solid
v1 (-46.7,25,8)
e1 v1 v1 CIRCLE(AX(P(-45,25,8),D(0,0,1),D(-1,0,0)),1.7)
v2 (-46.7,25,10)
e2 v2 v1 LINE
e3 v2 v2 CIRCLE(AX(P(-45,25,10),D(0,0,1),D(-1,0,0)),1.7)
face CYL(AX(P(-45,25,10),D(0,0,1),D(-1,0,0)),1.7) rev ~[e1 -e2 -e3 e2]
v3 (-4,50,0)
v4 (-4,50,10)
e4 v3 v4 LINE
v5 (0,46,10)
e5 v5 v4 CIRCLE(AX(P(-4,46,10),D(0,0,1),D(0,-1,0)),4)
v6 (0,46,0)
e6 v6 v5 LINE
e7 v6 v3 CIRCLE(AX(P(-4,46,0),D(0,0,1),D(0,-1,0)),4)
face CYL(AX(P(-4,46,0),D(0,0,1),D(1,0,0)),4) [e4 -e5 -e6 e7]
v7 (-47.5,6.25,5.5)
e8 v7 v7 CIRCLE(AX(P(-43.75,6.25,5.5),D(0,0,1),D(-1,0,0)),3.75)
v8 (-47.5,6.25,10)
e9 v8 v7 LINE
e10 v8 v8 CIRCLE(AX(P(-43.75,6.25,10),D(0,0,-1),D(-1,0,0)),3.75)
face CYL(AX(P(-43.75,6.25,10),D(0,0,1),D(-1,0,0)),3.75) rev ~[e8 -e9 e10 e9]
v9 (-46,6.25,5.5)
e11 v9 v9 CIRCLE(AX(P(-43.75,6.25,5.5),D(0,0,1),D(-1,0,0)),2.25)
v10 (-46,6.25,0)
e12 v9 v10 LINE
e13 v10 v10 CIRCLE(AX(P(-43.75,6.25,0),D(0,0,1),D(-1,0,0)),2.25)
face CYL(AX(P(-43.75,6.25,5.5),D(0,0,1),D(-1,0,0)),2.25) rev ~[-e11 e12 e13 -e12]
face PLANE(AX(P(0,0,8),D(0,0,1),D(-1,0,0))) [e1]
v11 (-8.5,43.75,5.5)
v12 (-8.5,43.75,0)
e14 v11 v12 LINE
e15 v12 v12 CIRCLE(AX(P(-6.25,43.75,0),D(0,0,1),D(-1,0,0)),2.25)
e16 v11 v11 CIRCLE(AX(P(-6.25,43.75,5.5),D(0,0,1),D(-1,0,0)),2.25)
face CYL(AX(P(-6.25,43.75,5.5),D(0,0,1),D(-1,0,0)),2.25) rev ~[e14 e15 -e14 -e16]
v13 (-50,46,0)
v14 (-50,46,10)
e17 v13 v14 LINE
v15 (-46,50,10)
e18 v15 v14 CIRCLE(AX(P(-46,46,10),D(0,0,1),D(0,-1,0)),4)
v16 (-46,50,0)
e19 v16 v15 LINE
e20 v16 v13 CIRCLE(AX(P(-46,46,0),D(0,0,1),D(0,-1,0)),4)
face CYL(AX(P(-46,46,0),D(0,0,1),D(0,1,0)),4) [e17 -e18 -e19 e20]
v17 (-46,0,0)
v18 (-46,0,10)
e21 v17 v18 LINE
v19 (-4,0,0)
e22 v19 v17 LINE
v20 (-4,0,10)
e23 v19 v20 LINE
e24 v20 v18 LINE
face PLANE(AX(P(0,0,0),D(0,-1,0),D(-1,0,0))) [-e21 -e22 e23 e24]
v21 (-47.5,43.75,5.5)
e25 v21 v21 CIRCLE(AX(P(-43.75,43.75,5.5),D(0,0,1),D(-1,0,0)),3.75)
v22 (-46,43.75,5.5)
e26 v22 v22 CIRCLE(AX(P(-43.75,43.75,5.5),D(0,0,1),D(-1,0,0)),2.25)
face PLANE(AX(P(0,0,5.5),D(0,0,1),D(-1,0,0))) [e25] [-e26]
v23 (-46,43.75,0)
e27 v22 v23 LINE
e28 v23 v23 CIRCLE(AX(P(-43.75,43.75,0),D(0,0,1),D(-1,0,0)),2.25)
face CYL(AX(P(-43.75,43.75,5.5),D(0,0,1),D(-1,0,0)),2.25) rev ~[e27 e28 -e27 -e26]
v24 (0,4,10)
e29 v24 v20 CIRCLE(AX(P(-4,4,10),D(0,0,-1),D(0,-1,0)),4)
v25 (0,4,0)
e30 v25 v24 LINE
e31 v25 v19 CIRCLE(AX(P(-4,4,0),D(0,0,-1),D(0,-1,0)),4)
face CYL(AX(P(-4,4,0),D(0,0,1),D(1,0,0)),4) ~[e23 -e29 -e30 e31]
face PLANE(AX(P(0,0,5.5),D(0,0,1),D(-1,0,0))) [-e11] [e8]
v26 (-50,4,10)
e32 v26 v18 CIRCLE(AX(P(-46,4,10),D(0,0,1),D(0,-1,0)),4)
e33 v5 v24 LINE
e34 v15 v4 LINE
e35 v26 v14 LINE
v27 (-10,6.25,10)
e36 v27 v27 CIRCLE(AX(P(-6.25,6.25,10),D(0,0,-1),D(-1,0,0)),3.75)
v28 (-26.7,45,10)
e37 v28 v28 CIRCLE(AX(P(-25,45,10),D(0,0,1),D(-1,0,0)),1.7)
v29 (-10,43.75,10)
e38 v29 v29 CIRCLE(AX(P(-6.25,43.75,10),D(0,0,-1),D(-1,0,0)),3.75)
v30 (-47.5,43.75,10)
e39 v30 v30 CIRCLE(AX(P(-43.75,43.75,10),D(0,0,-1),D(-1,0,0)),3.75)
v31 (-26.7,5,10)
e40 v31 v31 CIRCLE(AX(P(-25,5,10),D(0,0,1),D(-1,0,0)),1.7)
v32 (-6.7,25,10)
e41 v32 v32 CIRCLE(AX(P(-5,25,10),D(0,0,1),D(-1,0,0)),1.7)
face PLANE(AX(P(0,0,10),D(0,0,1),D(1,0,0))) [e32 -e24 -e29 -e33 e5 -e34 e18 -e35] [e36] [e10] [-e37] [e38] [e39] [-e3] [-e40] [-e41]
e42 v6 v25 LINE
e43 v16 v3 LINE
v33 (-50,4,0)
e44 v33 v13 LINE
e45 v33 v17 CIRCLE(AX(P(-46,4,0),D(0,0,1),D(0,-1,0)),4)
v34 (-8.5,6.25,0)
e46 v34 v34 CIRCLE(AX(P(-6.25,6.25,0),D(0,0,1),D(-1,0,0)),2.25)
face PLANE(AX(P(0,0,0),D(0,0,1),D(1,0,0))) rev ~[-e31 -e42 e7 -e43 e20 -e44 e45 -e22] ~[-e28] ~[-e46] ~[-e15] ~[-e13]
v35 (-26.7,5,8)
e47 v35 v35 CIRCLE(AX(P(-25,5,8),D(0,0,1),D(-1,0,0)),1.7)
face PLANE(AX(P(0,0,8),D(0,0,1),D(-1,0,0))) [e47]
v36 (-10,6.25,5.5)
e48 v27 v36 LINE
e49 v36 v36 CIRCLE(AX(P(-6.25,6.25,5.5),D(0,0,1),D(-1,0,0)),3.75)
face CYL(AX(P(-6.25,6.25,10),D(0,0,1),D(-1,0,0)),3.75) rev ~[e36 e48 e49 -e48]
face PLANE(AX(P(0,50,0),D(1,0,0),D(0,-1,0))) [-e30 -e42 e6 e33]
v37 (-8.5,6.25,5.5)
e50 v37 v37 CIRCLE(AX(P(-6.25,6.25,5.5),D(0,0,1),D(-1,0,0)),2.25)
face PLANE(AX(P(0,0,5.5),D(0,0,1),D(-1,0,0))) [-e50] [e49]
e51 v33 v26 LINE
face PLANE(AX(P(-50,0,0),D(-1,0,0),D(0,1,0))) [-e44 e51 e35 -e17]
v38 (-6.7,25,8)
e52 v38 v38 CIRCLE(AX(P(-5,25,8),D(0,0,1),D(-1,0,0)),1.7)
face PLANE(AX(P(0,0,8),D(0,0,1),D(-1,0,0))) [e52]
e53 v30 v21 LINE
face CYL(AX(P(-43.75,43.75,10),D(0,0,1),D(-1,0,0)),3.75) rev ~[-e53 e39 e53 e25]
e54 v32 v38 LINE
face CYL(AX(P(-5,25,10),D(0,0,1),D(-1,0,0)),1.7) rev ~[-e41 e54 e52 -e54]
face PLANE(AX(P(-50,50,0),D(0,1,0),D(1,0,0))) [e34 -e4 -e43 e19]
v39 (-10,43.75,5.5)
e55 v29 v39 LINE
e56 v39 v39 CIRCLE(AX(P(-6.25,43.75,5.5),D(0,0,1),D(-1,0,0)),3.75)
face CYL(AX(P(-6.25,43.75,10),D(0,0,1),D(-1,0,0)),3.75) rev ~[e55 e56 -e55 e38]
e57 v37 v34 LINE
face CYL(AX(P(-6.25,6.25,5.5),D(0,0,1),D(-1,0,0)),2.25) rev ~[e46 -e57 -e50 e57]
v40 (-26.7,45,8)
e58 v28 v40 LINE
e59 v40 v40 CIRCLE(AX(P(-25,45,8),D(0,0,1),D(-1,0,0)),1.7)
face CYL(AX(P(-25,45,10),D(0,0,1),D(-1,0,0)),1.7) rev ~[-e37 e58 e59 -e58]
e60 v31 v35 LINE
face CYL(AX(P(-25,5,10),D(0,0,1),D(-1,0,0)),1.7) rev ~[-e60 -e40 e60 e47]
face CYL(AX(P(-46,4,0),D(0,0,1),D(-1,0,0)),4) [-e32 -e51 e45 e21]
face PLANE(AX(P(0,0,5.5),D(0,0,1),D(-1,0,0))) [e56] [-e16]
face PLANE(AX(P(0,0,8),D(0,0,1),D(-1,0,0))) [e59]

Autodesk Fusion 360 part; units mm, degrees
sketch "Sketch1" plane through (0, 0, 0) normal (0, 0, 1) x (1, 0, 0)
  line L0 (0, 0) -> (-50, 0)
  line L1 (-50, 0) -> (-50, 50)
  line L2 (-50, 50) -> (0, 50)
  line L3 (0, 50) -> (0, 0)
  dimension "d1" = 50
  dimension "d2" = 50
extrude "Extrude1" add sketch "Sketch1" along normal blind 10
sketch "Sketch2" plane through (0, 0, 10) normal (0, 0, 1) x (-1, 0, 0)
  line L0 (0, -50) -> (50, -50)
  line L1 (50, -50) -> (50, 0)
  line L2 (50, 0) -> (0, 0)
  line L3 (0, 0) -> (0, -50)
  line L4 (50, 0) -> (43.75, 0)
  line L5 (43.75, 0) -> (43.75, -6.25)
  line L6 (43.75, -6.25) -> (50, -6.25)
  line L7 (50, -6.25) -> (50, 0)
  line L8 (50, -50) -> (43.75, -50)
  line L9 (43.75, -50) -> (43.75, -43.75)
  line L10 (43.75, -43.75) -> (50, -43.75)
  line L11 (50, -43.75) -> (50, -50)
  line L12 (0, -50) -> (6.25, -50)
  line L13 (6.25, -50) -> (6.25, -43.75)
  line L14 (6.25, -43.75) -> (0, -43.75)
  line L15 (0, -43.75) -> (0, -50)
  line L16 (0, 0) -> (6.25, 0)
  line L17 (6.25, 0) -> (6.25, -6.25)
  line L18 (6.25, -6.25) -> (0, -6.25)
  line L19 (0, -6.25) -> (0, 0)
  circle A0 centre (43.75, -43.75) radius 3.75
  circle A1 centre (6.25, -43.75) radius 3.75
  circle A2 centre (43.75, -6.25) radius 3.75
  circle A3 centre (6.25, -6.25) radius 3.75
  dimension "d5" = 6.25
  dimension "d6" = 6.25
  dimension "d7" = 6.25
  dimension "d8" = 6.25
  dimension "d9" = 6.25
  dimension "d10" = 6.25
  dimension "d11" = 6.25
  dimension "d12" = 6.25
  dimension "d13" = 7.5
  dimension "d14" = 7.5
  dimension "d15" = 7.5
  dimension "d16" = 7.5
extrude "Extrude2" cut sketch "Sketch2" against normal blind 4.5 contours L13 L14 A1 | L13 L14 A1 | L9 L10 A0 | L9 L10 A0 | L17 L18 A3 | L17 L18 A3 | L5 L6 A2 | L5 L6 A2
sketch "Sketch3" plane through (0, 0, 5.5) normal (0, 0, 1) x (-1, 0, 0)
  circle A0 centre (43.75, -43.75) radius 3.75
  circle A1 centre (43.75, -43.75) radius 2.25
  dimension "d19" = 4.5
extrude "Extrude3" cut sketch "Sketch3" against normal blind 10 contours A1
sketch "Sketch4" plane through (0, 0, 5.5) normal (0, 0, 1) x (-1, 0, 0)
  circle A0 centre (6.25, -43.75) radius 3.75
  circle A1 centre (6.25, -43.75) radius 2.25
  dimension "d22" = 4.5
extrude "Extrude4" cut sketch "Sketch4" against normal blind 10 contours A1
sketch "Sketch5" plane through (0, 0, 5.5) normal (0, 0, 1) x (-1, 0, 0)
  circle A0 centre (43.75, -6.25) radius 3.75
  circle A1 centre (43.75, -6.25) radius 2.25
  dimension "d25" = 4.5
extrude "Extrude5" cut sketch "Sketch5" against normal blind 10 contours A1
sketch "Sketch6" plane through (0, 0, 5.5) normal (0, 0, 1) x (-1, 0, 0)
  circle A0 centre (6.25, -6.25) radius 3.75
  circle A1 centre (6.25, -6.25) radius 2.25
  dimension "d28" = 4.5
extrude "Extrude6" cut sketch "Sketch6" against normal blind 10 contours A1
sketch "Sketch7" plane through (0, 0, 10) normal (0, 0, 1) x (-1, 0, 0)
  circle A0 centre (6.25, -43.75) radius 3.75
  circle A1 centre (6.25, -6.25) radius 3.75
  circle A2 centre (43.75, -43.75) radius 3.75
  circle A3 centre (43.75, -6.25) radius 3.75
  line L0 (0, -50) -> (50, -50)
  line L1 (50, -50) -> (50, 0)
  line L2 (50, 0) -> (0, 0)
  line L3 (0, 0) -> (0, -50)
  line L4 (50, 0) -> (37.5, 0)
  line L5 (37.5, 0) -> (37.5, -12.5)
  line L6 (37.5, -12.5) -> (50, -12.5)
  line L7 (50, -12.5) -> (50, 0)
  line L8 (50, -50) -> (37.5, -50)
  line L9 (37.5, -50) -> (37.5, -37.5)
  line L10 (37.5, -37.5) -> (50, -37.5)
  line L11 (50, -37.5) -> (50, -50)
  line L12 (0, -50) -> (12.5, -50)
  line L13 (12.5, -50) -> (12.5, -37.5)
  line L14 (12.5, -37.5) -> (0, -37.5)
  line L15 (0, -37.5) -> (0, -50)
  line L16 (0, 0) -> (12.5, 0)
  line L17 (12.5, 0) -> (12.5, -12.5)
  line L18 (12.5, -12.5) -> (0, -12.5)
  line L19 (0, -12.5) -> (0, 0)
  line L20 (37.5, -12.5) -> (35.5, -12.5)
  line L21 (35.5, -12.5) -> (35.5, -14.5)
  line L22 (35.5, -14.5) -> (37.5, -14.5)
  line L23 (37.5, -14.5) -> (37.5, -12.5)
  line L24 (37.5, -37.5) -> (35.5, -37.5)
  line L25 (35.5, -37.5) -> (35.5, -35.5)
  line L26 (35.5, -35.5) -> (37.5, -35.5)
  line L27 (37.5, -35.5) -> (37.5, -37.5)
  line L28 (12.5, -37.5) -> (14.5, -37.5)
  line L29 (14.5, -37.5) -> (14.5, -35.5)
  line L30 (14.5, -35.5) -> (12.5, -35.5)
  line L31 (12.5, -35.5) -> (12.5, -37.5)
  line L32 (12.5, -12.5) -> (14.5, -12.5)
  line L33 (14.5, -12.5) -> (14.5, -14.5)
  line L34 (14.5, -14.5) -> (12.5, -14.5)
  line L35 (12.5, -14.5) -> (12.5, -12.5)
  dimension "d31" = 12.5
  dimension "d32" = 12.5
  dimension "d33" = 12.5
  dimension "d34" = 12.5
  dimension "d35" = 12.5
  dimension "d36" = 12.5
  dimension "d37" = 12.5
  dimension "d38" = 12.5
  dimension "d39" = 2
  dimension "d40" = 2
  dimension "d41" = 2
  dimension "d42" = 2
  dimension "d43" = 2
  dimension "d44" = 2
  dimension "d45" = 2
  dimension "d46" = 2
extrude "Extrude7" add sketch "Sketch7" along normal blind 2 contours L24 L25 L26 L27 | L20 L21 L22 L23 | L32 L33 L34 L35 | L28 L29 L30 L31
extrude "Extrude8" cut 4 faces at (-13.1667, 36.1667, 12) (-13.1667, 13.1667, 12) (-36.1667, 13.1667, 12) (-36.8333, 36.8333, 12) along direction (0, 0, -1) blind 2
fillet "Fillet1" radius 4 1 edges at (0, 50, 5)
fillet "Fillet2" radius 4 1 edges at (0, 0, 5)
fillet "Fillet3" radius 4 1 edges at (-50, 50, 5)
fillet "Fillet4" radius 4 1 edges at (-50, 0, 5)
sketch "Sketch8" plane through (0, 0, 10) normal (0, 0, 1) x (-1, 0, 0)
  circle A0 centre (6.25, -43.75) radius 3.75
  circle A1 centre (6.25, -6.25) radius 3.75
  circle A2 centre (43.75, -43.75) radius 3.75
  circle A3 centre (43.75, -6.25) radius 3.75
  arc A4 (50, -4) -> (46, 0) centre (46, -4) ccw
  line L0 (46, 0) -> (4, 0)
  arc A5 (4, 0) -> (0, -4) centre (4, -4) ccw
  line L1 (0, -4) -> (0, -46)
  arc A6 (0, -46) -> (4, -50) centre (4, -46) ccw
  line L2 (4, -50) -> (46, -50)
  arc A7 (46, -50) -> (50, -46) centre (46, -46) ccw
  line L3 (50, -46) -> (50, -4)
  line L4 (0, 0) -> (5, 0)
  line L5 (5, 0) -> (5, -5)
  line L6 (5, -5) -> (0, -5)
  line L7 (0, -5) -> (0, 0)
  line L8 (5, -5) -> (45, -5)
  line L9 (45, -5) -> (45, -45)
  line L10 (45, -45) -> (5, -45)
  line L11 (5, -45) -> (5, -5)
  circle A8 centre (25, -45) radius 1.6
  circle A9 centre (45, -25) radius 1.6
  circle A10 centre (25, -5) radius 1.6
  circle A11 centre (5, -25) radius 1.6
  dimension "d59" = 5
  dimension "d60" = 5
  dimension "d61" = 40
  dimension "d62" = 40
  dimension "d63" = 3.2
  dimension "d64" = 3.2
  dimension "d65" = 3.2
  dimension "d66" = 3.2
extrude "Extrude9" cut sketch "Sketch8" against normal blind 2 contours L11 A11 | L11 A11 | L10 A8 | L10 A8 | L9 A9 | L9 A9 | L8 A10 | L8 A10
sketch "Sketch9" plane through (0, 0, 10) normal (0, 0, 1) x (-1, 0, 0)
  circle A0 centre (25, -45) radius 1.6
  circle A1 centre (5, -25) radius 1.6
  circle A2 centre (45, -25) radius 1.6
  circle A3 centre (25, -5) radius 1.6
  circle A4 centre (6.25, -43.75) radius 3.75
  circle A5 centre (6.25, -6.25) radius 3.75
  circle A6 centre (43.75, -43.75) radius 3.75
  circle A7 centre (43.75, -6.25) radius 3.75
  arc A8 (50, -4) -> (46, 0) centre (46, -4) ccw
  line L0 (46, 0) -> (4, 0)
  arc A9 (4, 0) -> (0, -4) centre (4, -4) ccw
  line L1 (0, -4) -> (0, -46)
  arc A10 (0, -46) -> (4, -50) centre (4, -46) ccw
  line L2 (4, -50) -> (46, -50)
  arc A11 (46, -50) -> (50, -46) centre (46, -46) ccw
  line L3 (50, -46) -> (50, -4)
  circle A12 centre (25, -5) radius 1.7
  dimension "d69" = 3.4
extrude "Extrude10" cut sketch "Sketch9" against normal blind 2 contours A12
sketch "Sketch10" plane through (0, 0, 10) normal (0, 0, 1) x (-1, 0, 0)
  circle A0 centre (25, -5) radius 1.7
  circle A1 centre (25, -45) radius 1.6
  circle A2 centre (5, -25) radius 1.6
  circle A3 centre (45, -25) radius 1.6
  circle A4 centre (6.25, -43.75) radius 3.75
  circle A5 centre (6.25, -6.25) radius 3.75
  circle A6 centre (43.75, -43.75) radius 3.75
  circle A7 centre (43.75, -6.25) radius 3.75
  arc A8 (50, -4) -> (46, 0) centre (46, -4) ccw
  line L0 (46, 0) -> (4, 0)
  arc A9 (4, 0) -> (0, -4) centre (4, -4) ccw
  line L1 (0, -4) -> (0, -46)
  arc A10 (0, -46) -> (4, -50) centre (4, -46) ccw
  line L2 (4, -50) -> (46, -50)
  arc A11 (46, -50) -> (50, -46) centre (46, -46) ccw
  line L3 (50, -46) -> (50, -4)
  circle A12 centre (45, -25) radius 1.7
  dimension "d72" = 3.4
extrude "Extrude11" cut sketch "Sketch10" against normal blind 2 contours A12
sketch "Sketch11" plane through (0, 0, 10) normal (0, 0, 1) x (-1, 0, 0)
  circle A0 centre (45, -25) radius 1.7
  circle A1 centre (25, -5) radius 1.7
  circle A2 centre (25, -45) radius 1.6
  circle A3 centre (5, -25) radius 1.6
  circle A4 centre (6.25, -43.75) radius 3.75
  circle A5 centre (6.25, -6.25) radius 3.75
  circle A6 centre (43.75, -43.75) radius 3.75
  circle A7 centre (43.75, -6.25) radius 3.75
  arc A8 (50, -4) -> (46, 0) centre (46, -4) ccw
  line L0 (46, 0) -> (4, 0)
  arc A9 (4, 0) -> (0, -4) centre (4, -4) ccw
  line L1 (0, -4) -> (0, -46)
  arc A10 (0, -46) -> (4, -50) centre (4, -46) ccw
  line L2 (4, -50) -> (46, -50)
  arc A11 (46, -50) -> (50, -46) centre (46, -46) ccw
  line L3 (50, -46) -> (50, -4)
  circle A12 centre (5, -25) radius 1.7
  dimension "d75" = 3.4
extrude "Extrude12" cut sketch "Sketch11" against normal blind 2 contours A12
sketch "Sketch12" plane through (0, 0, 10) normal (0, 0, 1) x (-1, 0, 0)
  circle A0 centre (5, -25) radius 1.7
  circle A1 centre (45, -25) radius 1.7
  circle A2 centre (25, -5) radius 1.7
  circle A3 centre (25, -45) radius 1.6
  circle A4 centre (6.25, -43.75) radius 3.75
  circle A5 centre (6.25, -6.25) radius 3.75
  circle A6 centre (43.75, -43.75) radius 3.75
  circle A7 centre (43.75, -6.25) radius 3.75
  arc A8 (50, -4) -> (46, 0) centre (46, -4) ccw
  line L0 (46, 0) -> (4, 0)
  arc A9 (4, 0) -> (0, -4) centre (4, -4) ccw
  line L1 (0, -4) -> (0, -46)
  arc A10 (0, -46) -> (4, -50) centre (4, -46) ccw
  line L2 (4, -50) -> (46, -50)
  arc A11 (46, -50) -> (50, -46) centre (46, -46) ccw
  line L3 (50, -46) -> (50, -4)
  circle A12 centre (25, -45) radius 1.7
  dimension "d78" = 3.4
extrude "Extrude13" cut sketch "Sketch12" against normal blind 2 contours A12
